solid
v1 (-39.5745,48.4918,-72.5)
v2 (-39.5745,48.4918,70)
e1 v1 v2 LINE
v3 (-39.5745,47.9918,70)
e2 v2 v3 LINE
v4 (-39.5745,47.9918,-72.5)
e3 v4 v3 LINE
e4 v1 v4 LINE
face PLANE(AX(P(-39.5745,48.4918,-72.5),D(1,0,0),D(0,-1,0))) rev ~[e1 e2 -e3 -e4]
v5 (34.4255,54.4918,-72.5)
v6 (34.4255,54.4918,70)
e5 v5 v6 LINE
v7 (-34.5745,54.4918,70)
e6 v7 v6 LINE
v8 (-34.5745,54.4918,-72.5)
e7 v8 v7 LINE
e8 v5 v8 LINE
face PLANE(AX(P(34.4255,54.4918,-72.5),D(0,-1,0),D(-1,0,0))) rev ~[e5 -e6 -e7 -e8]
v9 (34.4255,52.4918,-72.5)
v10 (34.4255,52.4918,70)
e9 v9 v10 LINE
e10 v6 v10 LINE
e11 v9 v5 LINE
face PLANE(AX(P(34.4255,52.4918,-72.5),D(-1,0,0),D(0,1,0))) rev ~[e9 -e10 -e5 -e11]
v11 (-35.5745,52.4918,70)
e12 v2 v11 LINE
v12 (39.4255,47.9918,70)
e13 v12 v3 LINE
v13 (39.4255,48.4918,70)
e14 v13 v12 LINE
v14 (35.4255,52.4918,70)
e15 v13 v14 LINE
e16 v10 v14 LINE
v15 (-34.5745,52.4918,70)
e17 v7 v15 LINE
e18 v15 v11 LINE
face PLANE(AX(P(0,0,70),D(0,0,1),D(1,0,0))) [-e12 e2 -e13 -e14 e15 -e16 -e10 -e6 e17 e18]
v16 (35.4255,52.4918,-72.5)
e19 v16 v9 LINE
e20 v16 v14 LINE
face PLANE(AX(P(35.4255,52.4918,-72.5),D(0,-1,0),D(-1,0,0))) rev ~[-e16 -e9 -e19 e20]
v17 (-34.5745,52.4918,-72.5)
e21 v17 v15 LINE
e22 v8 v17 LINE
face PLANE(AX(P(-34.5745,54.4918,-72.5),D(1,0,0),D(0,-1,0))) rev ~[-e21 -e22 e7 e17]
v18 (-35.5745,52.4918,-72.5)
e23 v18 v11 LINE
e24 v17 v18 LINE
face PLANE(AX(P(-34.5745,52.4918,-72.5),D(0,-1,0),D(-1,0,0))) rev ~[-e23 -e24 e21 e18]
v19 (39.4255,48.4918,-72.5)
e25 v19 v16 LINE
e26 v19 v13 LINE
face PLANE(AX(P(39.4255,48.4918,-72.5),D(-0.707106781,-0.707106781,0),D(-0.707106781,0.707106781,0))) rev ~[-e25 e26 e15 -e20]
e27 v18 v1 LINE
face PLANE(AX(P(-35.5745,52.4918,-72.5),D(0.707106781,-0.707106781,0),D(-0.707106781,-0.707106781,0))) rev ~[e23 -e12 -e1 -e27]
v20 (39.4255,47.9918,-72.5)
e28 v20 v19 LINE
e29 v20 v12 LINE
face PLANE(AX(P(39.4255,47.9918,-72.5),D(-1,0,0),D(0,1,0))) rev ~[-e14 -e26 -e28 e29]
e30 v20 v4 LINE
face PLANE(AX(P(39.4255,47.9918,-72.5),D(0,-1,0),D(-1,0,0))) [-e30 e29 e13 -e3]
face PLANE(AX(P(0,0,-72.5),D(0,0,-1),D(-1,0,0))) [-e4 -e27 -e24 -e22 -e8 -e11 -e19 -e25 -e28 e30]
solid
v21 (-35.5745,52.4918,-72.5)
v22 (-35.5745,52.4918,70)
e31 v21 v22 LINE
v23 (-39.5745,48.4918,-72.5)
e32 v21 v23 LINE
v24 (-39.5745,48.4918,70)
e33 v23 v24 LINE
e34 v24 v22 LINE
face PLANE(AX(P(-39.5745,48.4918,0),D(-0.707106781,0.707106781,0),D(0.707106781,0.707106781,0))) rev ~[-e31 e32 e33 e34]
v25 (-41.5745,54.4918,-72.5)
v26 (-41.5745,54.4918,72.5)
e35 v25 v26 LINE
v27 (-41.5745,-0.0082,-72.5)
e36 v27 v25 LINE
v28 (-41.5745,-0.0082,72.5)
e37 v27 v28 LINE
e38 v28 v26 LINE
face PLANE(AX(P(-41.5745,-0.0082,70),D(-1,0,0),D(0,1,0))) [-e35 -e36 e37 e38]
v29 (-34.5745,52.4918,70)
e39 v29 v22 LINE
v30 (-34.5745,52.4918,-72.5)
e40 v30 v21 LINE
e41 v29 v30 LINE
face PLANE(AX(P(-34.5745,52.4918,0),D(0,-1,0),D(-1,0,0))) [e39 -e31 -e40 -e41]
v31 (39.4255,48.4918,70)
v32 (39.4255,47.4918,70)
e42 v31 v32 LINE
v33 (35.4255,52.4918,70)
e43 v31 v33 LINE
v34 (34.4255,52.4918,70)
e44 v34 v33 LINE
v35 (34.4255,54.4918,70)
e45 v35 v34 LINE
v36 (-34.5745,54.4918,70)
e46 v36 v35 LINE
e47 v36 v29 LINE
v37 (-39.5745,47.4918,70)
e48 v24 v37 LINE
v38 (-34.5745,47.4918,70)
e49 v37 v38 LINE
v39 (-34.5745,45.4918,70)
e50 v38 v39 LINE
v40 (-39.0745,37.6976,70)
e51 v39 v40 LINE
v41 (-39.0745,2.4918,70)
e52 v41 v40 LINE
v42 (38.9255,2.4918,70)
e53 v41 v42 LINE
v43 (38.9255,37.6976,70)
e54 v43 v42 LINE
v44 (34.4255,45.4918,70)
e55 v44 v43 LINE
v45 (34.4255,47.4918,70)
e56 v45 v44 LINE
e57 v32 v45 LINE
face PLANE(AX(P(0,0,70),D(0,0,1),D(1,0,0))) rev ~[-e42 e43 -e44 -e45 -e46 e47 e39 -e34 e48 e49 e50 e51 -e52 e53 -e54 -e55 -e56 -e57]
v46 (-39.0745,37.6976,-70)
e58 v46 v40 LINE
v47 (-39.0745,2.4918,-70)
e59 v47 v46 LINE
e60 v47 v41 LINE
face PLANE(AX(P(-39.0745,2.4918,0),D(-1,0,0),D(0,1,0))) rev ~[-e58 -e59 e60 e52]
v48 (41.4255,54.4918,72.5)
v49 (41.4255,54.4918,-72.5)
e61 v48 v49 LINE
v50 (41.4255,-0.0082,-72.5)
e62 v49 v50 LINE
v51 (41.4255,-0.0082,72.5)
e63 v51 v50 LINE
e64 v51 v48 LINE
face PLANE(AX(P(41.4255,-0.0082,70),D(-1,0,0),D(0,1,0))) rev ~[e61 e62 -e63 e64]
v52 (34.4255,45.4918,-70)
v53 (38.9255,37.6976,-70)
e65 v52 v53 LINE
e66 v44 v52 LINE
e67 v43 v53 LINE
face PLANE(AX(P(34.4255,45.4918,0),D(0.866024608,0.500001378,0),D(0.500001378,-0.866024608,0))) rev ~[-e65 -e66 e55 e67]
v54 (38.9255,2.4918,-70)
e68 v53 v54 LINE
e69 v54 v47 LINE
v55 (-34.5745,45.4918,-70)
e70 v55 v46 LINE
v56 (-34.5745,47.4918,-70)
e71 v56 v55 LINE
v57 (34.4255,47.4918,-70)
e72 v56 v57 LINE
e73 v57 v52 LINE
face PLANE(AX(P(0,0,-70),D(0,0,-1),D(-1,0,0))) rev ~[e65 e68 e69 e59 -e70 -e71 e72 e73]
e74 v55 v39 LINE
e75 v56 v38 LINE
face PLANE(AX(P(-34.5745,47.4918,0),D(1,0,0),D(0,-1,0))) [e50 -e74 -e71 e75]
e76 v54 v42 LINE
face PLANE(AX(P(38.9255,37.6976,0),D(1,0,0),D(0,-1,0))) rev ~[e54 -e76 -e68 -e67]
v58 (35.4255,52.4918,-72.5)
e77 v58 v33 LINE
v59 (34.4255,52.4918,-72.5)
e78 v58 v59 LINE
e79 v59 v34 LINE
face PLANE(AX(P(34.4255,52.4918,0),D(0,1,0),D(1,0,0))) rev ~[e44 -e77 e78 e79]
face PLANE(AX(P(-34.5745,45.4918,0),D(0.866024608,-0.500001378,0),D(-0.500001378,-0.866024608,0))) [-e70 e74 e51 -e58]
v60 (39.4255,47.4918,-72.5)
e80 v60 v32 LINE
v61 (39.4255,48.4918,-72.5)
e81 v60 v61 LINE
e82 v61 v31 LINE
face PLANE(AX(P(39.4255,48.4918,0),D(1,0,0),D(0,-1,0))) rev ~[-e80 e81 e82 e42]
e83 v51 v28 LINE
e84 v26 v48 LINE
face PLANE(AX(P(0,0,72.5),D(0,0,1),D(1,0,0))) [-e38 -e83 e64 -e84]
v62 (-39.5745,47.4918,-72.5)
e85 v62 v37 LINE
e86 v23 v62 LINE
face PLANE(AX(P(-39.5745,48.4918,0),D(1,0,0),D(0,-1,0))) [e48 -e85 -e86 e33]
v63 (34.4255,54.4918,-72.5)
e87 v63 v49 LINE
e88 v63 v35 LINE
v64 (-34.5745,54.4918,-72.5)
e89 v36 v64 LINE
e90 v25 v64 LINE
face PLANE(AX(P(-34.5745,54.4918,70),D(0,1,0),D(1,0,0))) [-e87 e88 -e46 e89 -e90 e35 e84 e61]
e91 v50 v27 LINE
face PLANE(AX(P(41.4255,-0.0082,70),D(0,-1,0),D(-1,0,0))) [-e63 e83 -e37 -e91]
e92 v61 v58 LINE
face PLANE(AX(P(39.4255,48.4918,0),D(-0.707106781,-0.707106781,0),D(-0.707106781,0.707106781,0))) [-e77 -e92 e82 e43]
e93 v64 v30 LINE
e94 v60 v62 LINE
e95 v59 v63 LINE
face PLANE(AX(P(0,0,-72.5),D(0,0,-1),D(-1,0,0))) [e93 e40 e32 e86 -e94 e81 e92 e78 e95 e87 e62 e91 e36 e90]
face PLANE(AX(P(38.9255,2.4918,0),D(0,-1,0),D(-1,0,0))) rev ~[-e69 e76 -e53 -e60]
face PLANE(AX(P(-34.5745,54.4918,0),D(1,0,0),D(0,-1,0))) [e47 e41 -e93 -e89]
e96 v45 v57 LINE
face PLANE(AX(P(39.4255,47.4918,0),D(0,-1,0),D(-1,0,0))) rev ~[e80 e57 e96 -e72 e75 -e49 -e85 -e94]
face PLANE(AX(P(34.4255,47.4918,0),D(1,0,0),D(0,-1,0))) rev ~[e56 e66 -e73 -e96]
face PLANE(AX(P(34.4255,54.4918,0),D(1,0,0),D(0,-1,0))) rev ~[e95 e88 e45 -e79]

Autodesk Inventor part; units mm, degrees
ref_plane "YZ Plane" through (0, 0, 0) normal (1, 0, 0) x (0, 1, 0)
ref_plane "XZ Plane" through (0, 0, 0) normal (0, 1, 0) x (-1, 0, 0)
ref_plane "XY Plane" through (0, 0, 0) normal (0, 0, 1) x (1, 0, 0)
sketch "Sketch2" plane through (0, 0, 0) normal (0, 0, 1) x (1, 0, 0)
  line L0 (-39.0745, 47.4918) -> (38.9255, 47.4918) construction
  line L1 (38.9255, 47.4918) -> (38.9255, 37.6976) construction
  line L2 (38.9255, 2.4918) -> (-39.0745, 2.4918)
  line L3 (-39.0745, 2.4918) -> (-39.0745, 37.6976)
  line L4 (-41.5745, 54.4918) -> (-34.5745, 54.4918)
  line L5 (41.4255, 54.4918) -> (41.4255, -0.0082)
  line L6 (41.4255, -0.0082) -> (-41.5745, -0.0082)
  line L7 (-41.5745, -0.0082) -> (-41.5745, 54.4918)
  line L8 (-0.0745, 2.4918) -> (-0.0745, -0.0082)
  line L9 (-34.5745, 54.4918) -> (-34.5745, 52.4918)
  line L10 (-34.5745, 54.4918) -> (-34.5745, 52.4918)
  line L11 (-34.5745, 52.4918) -> (-35.5745, 52.4918)
  line L12 (-39.5745, 48.4918) -> (-39.5745, 47.4918)
  line L13 (-39.5745, 47.4918) -> (-34.5745, 47.4918)
  line L14 (-39.5745, 48.4918) -> (-35.5745, 52.4918)
  line L15 (34.4255, 54.4918) -> (34.4255, 52.4918)
  line L16 (34.4255, 54.4918) -> (34.4255, 52.4918)
  line L17 (34.4255, 52.4918) -> (35.4255, 52.4918)
  line L18 (39.4255, 48.4918) -> (39.4255, 47.4918)
  line L19 (39.4255, 47.4918) -> (34.4255, 47.4918)
  line L20 (39.4255, 48.4918) -> (35.4255, 52.4918)
  line L21 (-34.5745, 47.4918) -> (-34.5745, 45.4918)
  line L22 (-34.5745, 45.4918) -> (-39.0745, 37.6976)
  line L23 (-34.5745, 45.4918) -> (-24.5745, 45.4918) construction
  line L24 (-34.5745, 52.4918) -> (-34.5745, 47.4918) construction
  line L25 (-34.5745, 54.4918) -> (34.4255, 54.4918) construction
  line L26 (34.4255, 54.4918) -> (41.4255, 54.4918)
  line L27 (34.4255, 47.4918) -> (34.4255, 45.4918)
  line L28 (34.4255, 45.4918) -> (38.9255, 37.6976)
  line L29 (34.4255, 54.4918) -> (-34.5745, 54.4918) construction
  line L30 (34.4255, 52.4918) -> (34.4255, 47.4918) construction
  line L31 (-39.0745, 37.6976) -> (-39.0745, 47.4918) construction
  line L32 (38.9255, 37.6976) -> (38.9255, 2.4918)
  point P0 (-39.5745, 52.4918)
  dimension "d13" = 78
  dimension "d14" = 45
  dimension "d15" = 83
  dimension "d16" = 54.5
  dimension "d17" = 2.5
  dimension "d18" = 7
  dimension "d19" = 7
  dimension "d20" = 2
  dimension "d21" = 5
  dimension "d22" = 5
  dimension "d23" = 5
  dimension "d24" = 4
  dimension "d25" = 4
  dimension "d26" = 2
  dimension "d28" = 120
extrude "Extrusion1" add sketch "Sketch2" along normal mid plane 140
sketch "Sketch3" plane through (0, 0, 70) normal (0, 0, 1) x (1, 0, 0)
  line L0 (-34.5745, 54.4918) -> (-41.5745, 54.4918) projected
  line L1 (41.4255, -0.0082) -> (41.4255, 54.4918) projected
  line L2 (-41.5745, 54.4918) -> (41.4255, 54.4918)
  line L3 (41.4255, 54.4918) -> (41.4255, -0.0082)
  line L4 (41.4255, -0.0082) -> (-41.5745, -0.0082)
  line L5 (-41.5745, -0.0082) -> (-41.5745, 54.4918)
  point P0 (0, 0)
extrude "Extrusion2" add sketch "Sketch3" along normal blind 2.5
sketch "Sketch4" plane through (0, 0, -70) normal (0, 0, -1) x (-1, 0, 0)
  line L0 (34.5745, 45.4918) -> (39.0745, 37.6976) projected
  line L1 (39.0745, 37.6976) -> (39.0745, 2.4918) projected
  line L2 (39.0745, 2.4918) -> (-38.9255, 2.4918) projected
  line L3 (-38.9255, 2.4918) -> (-38.9255, 37.6976) projected
  line L4 (-38.9255, 37.6976) -> (-34.4255, 45.4918) projected
  line L5 (-34.4255, 45.4918) -> (-34.4255, 47.4918) projected
  line L6 (-34.4255, 47.4918) -> (-39.4255, 47.4918) projected
  line L7 (-39.4255, 47.4918) -> (-39.4255, 48.4918) projected
  line L8 (-39.4255, 48.4918) -> (-35.4255, 52.4918) projected
  line L9 (-35.4255, 52.4918) -> (-34.4255, 52.4918) projected
  line L10 (-34.4255, 52.4918) -> (-34.4255, 54.4918) projected
  line L11 (-34.4255, 54.4918) -> (-41.4255, 54.4918) projected
  line L12 (-41.4255, 54.4918) -> (-41.4255, -0.0082) projected
  line L13 (-41.4255, -0.0082) -> (41.5745, -0.0082) projected
  line L14 (41.5745, -0.0082) -> (41.5745, 54.4918) projected
  line L15 (41.5745, 54.4918) -> (34.5745, 54.4918) projected
  line L16 (34.5745, 54.4918) -> (34.5745, 52.4918) projected
  line L17 (34.5745, 52.4918) -> (35.5745, 52.4918) projected
  line L18 (35.5745, 52.4918) -> (39.5745, 48.4918) projected
  line L19 (39.5745, 48.4918) -> (39.5745, 47.4918) projected
  line L20 (39.5745, 47.4918) -> (34.5745, 47.4918) projected
  line L21 (34.5745, 47.4918) -> (34.5745, 45.4918) projected
  line L22 (-38.9255, 37.6976) -> (-38.9255, 47.4918)
  line L23 (39.0745, 37.6976) -> (39.0745, 47.4918)
  line L24 (39.0745, 47.4918) -> (-38.9255, 47.4918)
extrude "Extrusion3" add sketch "Sketch4" along normal blind 2.5
sketch "Sketch7" plane through (0, 0, -72.5) normal (0, 0, -1) x (-1, 0, 0)
  line L0 (-39.4255, 47.4918) -> (-39.4255, 48.4918) projected
  line L1 (-39.4255, 48.4918) -> (-35.4255, 52.4918) projected
  line L2 (-35.4255, 52.4918) -> (-34.4255, 52.4918) projected
  line L3 (-34.4255, 52.4918) -> (-34.4255, 54.4918) projected
  line L4 (-34.4255, 54.4918) -> (-41.4255, 54.4918) projected
  line L5 (-41.4255, 54.4918) -> (-41.4255, -0.0082) projected
  line L6 (-41.4255, -0.0082) -> (41.5745, -0.0082) projected
  line L7 (41.5745, -0.0082) -> (41.5745, 54.4918) projected
  line L8 (41.5745, 54.4918) -> (34.5745, 54.4918) projected
  line L9 (34.5745, 54.4918) -> (34.5745, 52.4918) projected
  line L10 (34.5745, 52.4918) -> (35.5745, 52.4918) projected
  line L11 (35.5745, 52.4918) -> (39.5745, 48.4918) projected
  line L12 (39.5745, 48.4918) -> (39.5745, 47.4918) projected
  line L13 (39.5745, 47.4918) -> (-39.4255, 47.4918) projected
  line L14 (-34.4255, 54.4918) -> (34.5745, 54.4918)
  line L15 (-39.4255, 47.4918) -> (-39.4255, 47.9918)
  line L16 (-39.4255, 47.9918) -> (39.5745, 47.9918)
  point P0 (0, 0)
extrude "Extrusion5" add sketch "Sketch7" against normal up to next separate body contours L0 L1 L2 L3 L14 L9 L10 L11 L12 L16
equation "\"d25\" = d24"
properties part number "razerbasilisku" material "ABS Plastic"
